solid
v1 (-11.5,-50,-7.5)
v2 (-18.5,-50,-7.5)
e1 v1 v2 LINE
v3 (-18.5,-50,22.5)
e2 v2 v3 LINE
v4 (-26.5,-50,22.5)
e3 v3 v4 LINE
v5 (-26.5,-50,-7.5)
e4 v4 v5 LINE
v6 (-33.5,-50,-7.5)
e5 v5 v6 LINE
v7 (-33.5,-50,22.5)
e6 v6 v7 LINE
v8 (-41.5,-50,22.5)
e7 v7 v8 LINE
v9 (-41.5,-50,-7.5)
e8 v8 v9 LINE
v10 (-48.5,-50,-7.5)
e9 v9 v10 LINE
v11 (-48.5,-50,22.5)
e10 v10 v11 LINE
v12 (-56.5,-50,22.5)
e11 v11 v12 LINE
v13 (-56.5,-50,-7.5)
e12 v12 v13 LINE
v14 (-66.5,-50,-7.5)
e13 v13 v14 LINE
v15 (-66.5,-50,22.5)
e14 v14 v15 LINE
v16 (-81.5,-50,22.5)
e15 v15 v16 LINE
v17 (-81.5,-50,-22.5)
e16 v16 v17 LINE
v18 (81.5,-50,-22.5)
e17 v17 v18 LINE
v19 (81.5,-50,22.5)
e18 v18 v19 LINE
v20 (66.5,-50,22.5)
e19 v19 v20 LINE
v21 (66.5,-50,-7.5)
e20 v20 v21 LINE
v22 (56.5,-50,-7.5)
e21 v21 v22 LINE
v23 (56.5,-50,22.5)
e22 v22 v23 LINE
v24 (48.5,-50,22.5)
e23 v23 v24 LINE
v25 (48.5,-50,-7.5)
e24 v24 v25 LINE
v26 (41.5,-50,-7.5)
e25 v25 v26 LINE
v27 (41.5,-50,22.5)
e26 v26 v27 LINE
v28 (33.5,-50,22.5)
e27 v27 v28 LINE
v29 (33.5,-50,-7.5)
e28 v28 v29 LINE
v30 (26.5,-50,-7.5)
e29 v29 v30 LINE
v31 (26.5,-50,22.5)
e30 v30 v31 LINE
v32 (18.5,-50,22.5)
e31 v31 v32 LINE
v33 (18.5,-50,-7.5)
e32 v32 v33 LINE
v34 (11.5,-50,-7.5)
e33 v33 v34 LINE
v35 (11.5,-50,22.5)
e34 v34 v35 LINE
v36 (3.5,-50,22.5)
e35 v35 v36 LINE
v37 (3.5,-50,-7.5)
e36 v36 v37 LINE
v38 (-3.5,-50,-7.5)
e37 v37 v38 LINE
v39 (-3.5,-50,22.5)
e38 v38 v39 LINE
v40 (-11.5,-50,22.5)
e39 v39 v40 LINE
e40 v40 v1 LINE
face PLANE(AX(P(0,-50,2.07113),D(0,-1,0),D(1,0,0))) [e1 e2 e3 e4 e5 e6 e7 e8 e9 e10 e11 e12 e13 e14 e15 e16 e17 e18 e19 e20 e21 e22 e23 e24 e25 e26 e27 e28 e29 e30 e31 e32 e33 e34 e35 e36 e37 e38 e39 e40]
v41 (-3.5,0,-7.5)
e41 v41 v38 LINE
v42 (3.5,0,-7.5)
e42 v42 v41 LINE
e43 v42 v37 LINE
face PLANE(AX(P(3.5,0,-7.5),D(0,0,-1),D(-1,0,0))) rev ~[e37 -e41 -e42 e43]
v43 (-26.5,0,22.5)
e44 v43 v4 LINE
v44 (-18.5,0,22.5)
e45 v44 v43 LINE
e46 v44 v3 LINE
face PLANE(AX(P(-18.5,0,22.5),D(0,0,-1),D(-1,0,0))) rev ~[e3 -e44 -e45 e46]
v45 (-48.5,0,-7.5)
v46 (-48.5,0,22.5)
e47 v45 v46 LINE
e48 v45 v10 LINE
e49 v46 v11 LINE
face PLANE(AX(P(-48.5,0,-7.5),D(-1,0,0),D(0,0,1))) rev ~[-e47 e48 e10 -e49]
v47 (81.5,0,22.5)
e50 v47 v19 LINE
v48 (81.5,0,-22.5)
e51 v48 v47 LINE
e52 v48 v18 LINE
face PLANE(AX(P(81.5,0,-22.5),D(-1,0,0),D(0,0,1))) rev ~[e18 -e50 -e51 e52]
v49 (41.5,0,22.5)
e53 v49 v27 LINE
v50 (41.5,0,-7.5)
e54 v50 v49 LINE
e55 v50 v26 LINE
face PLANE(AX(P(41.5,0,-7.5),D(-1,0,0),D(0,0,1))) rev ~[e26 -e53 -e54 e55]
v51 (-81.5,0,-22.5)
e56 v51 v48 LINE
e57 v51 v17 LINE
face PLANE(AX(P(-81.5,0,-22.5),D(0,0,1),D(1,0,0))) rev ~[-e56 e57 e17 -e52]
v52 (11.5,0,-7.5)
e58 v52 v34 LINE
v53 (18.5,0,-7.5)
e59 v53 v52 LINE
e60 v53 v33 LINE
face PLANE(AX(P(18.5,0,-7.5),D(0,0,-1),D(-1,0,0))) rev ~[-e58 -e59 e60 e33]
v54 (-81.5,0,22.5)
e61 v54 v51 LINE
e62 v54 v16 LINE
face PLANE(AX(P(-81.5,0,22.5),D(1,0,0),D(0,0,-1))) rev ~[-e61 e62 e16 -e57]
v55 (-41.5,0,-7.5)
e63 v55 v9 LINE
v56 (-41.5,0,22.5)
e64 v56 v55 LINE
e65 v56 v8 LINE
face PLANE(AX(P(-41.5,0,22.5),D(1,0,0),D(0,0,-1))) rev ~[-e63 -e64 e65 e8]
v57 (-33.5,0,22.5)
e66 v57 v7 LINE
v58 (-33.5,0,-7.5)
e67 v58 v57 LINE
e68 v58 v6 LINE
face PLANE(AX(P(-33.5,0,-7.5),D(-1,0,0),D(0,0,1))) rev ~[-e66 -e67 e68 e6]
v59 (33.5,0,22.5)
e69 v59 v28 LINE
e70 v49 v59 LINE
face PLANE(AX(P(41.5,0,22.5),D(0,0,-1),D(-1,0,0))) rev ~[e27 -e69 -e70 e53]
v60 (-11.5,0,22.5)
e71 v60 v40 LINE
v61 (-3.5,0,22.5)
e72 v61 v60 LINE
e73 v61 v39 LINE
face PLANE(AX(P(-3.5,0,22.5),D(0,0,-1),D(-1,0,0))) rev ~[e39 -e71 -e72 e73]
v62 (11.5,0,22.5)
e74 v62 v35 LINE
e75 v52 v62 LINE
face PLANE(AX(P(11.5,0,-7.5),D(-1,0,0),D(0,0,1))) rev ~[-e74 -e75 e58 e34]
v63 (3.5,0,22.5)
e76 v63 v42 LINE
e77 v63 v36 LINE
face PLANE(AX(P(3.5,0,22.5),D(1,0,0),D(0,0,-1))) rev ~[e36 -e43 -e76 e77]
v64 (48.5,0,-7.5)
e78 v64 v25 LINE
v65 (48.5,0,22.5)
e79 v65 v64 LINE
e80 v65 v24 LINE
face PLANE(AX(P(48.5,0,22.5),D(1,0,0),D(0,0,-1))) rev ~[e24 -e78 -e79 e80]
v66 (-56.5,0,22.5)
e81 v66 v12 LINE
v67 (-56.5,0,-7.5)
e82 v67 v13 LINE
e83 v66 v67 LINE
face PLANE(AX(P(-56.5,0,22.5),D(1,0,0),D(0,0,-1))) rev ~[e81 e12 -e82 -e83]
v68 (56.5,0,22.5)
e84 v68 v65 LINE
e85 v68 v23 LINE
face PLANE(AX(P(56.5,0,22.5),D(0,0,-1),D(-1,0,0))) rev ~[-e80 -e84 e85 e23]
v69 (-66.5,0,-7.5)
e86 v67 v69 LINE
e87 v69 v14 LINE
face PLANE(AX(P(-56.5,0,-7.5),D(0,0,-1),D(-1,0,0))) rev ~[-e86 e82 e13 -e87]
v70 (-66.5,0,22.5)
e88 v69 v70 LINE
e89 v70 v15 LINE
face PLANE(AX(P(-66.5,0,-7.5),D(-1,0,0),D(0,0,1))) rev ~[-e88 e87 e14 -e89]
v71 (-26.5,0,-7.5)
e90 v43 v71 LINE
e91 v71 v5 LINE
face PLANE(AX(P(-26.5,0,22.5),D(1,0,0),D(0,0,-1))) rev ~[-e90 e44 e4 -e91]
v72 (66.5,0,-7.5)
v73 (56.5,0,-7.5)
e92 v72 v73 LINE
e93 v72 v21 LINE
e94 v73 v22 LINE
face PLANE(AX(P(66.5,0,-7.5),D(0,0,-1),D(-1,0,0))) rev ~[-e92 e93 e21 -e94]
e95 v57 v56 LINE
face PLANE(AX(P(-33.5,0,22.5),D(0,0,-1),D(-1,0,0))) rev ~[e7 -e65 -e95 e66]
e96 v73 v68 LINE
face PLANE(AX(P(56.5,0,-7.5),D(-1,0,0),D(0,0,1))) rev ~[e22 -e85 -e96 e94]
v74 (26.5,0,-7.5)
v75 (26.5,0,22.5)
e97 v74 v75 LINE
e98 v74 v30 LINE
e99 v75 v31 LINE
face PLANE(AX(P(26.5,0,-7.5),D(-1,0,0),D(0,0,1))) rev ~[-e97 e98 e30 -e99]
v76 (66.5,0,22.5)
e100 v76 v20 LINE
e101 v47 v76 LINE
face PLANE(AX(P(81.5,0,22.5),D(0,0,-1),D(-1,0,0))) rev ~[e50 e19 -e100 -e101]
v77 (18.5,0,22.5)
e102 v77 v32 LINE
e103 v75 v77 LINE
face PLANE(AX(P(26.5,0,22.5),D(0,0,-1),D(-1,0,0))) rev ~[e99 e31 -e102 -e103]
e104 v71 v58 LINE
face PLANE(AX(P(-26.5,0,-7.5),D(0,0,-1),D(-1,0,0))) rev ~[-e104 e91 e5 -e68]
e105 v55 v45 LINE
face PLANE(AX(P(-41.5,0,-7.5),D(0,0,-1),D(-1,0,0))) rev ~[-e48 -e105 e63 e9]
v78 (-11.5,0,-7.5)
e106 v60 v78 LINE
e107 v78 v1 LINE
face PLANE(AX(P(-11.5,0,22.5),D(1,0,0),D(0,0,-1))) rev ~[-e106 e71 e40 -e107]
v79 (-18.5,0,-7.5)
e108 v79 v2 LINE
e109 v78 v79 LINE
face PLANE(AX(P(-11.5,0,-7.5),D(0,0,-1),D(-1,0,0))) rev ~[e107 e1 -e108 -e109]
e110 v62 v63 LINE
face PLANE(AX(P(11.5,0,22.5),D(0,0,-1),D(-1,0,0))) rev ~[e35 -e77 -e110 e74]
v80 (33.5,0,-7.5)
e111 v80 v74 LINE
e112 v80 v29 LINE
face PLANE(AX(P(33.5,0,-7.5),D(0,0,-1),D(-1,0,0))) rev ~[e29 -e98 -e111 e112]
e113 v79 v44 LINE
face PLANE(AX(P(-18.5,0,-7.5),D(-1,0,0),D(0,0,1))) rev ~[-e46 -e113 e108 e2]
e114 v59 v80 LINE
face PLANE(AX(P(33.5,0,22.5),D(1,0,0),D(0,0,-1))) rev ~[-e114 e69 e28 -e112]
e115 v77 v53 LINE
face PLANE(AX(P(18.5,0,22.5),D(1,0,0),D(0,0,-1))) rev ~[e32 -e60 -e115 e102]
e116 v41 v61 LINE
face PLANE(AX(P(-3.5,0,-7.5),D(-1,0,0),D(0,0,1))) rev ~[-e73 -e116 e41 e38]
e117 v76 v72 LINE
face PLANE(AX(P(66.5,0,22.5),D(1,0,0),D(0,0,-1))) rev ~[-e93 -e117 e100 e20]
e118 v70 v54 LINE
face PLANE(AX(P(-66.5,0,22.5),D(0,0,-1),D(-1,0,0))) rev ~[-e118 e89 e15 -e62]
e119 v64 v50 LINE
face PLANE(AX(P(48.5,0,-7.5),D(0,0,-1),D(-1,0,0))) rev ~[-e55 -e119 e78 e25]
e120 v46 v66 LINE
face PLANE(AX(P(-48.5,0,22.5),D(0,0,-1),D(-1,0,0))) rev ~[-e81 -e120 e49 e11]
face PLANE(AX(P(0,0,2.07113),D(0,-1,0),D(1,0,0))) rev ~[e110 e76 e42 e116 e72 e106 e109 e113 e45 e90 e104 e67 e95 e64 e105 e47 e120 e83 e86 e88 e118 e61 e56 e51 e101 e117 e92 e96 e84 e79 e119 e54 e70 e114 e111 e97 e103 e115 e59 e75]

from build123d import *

# Parameters (mm, degrees)
F1_DEPTH = 50


with BuildPart() as f1:
    # F0 (on Front) → F1 (new body)
    with BuildSketch(Plane.XZ):
        Polygon((-81.5, -22.5), (81.5, -22.5), (81.5, 22.5), (66.5, 22.5), (66.5, -7.5), (56.5, -7.5), (56.5, 22.5), (48.5, 22.5), (48.5, -7.5), (41.5, -7.5), (41.5, 22.5), (33.5, 22.5), (33.5, -7.5), (26.5, -7.5), (26.5, 22.5), (18.5, 22.5), (18.5, -7.5), (11.5, -7.5), (11.5, 22.5), (3.5, 22.5), (3.5, -7.5), (-3.5, -7.5), (-3.5, 22.5), (-11.5, 22.5), (-11.5, -7.5), (-18.5, -7.5), (-18.5, 22.5), (-26.5, 22.5), (-26.5, -7.5), (-33.5, -7.5), (-33.5, 22.5), (-41.5, 22.5), (-41.5, -7.5), (-48.5, -7.5), (-48.5, 22.5), (-56.5, 22.5), (-56.5, -7.5), (-66.5, -7.5), (-66.5, 22.5), (-81.5, 22.5), align=None)
    extrude(amount=F1_DEPTH)


solid = f1.part
